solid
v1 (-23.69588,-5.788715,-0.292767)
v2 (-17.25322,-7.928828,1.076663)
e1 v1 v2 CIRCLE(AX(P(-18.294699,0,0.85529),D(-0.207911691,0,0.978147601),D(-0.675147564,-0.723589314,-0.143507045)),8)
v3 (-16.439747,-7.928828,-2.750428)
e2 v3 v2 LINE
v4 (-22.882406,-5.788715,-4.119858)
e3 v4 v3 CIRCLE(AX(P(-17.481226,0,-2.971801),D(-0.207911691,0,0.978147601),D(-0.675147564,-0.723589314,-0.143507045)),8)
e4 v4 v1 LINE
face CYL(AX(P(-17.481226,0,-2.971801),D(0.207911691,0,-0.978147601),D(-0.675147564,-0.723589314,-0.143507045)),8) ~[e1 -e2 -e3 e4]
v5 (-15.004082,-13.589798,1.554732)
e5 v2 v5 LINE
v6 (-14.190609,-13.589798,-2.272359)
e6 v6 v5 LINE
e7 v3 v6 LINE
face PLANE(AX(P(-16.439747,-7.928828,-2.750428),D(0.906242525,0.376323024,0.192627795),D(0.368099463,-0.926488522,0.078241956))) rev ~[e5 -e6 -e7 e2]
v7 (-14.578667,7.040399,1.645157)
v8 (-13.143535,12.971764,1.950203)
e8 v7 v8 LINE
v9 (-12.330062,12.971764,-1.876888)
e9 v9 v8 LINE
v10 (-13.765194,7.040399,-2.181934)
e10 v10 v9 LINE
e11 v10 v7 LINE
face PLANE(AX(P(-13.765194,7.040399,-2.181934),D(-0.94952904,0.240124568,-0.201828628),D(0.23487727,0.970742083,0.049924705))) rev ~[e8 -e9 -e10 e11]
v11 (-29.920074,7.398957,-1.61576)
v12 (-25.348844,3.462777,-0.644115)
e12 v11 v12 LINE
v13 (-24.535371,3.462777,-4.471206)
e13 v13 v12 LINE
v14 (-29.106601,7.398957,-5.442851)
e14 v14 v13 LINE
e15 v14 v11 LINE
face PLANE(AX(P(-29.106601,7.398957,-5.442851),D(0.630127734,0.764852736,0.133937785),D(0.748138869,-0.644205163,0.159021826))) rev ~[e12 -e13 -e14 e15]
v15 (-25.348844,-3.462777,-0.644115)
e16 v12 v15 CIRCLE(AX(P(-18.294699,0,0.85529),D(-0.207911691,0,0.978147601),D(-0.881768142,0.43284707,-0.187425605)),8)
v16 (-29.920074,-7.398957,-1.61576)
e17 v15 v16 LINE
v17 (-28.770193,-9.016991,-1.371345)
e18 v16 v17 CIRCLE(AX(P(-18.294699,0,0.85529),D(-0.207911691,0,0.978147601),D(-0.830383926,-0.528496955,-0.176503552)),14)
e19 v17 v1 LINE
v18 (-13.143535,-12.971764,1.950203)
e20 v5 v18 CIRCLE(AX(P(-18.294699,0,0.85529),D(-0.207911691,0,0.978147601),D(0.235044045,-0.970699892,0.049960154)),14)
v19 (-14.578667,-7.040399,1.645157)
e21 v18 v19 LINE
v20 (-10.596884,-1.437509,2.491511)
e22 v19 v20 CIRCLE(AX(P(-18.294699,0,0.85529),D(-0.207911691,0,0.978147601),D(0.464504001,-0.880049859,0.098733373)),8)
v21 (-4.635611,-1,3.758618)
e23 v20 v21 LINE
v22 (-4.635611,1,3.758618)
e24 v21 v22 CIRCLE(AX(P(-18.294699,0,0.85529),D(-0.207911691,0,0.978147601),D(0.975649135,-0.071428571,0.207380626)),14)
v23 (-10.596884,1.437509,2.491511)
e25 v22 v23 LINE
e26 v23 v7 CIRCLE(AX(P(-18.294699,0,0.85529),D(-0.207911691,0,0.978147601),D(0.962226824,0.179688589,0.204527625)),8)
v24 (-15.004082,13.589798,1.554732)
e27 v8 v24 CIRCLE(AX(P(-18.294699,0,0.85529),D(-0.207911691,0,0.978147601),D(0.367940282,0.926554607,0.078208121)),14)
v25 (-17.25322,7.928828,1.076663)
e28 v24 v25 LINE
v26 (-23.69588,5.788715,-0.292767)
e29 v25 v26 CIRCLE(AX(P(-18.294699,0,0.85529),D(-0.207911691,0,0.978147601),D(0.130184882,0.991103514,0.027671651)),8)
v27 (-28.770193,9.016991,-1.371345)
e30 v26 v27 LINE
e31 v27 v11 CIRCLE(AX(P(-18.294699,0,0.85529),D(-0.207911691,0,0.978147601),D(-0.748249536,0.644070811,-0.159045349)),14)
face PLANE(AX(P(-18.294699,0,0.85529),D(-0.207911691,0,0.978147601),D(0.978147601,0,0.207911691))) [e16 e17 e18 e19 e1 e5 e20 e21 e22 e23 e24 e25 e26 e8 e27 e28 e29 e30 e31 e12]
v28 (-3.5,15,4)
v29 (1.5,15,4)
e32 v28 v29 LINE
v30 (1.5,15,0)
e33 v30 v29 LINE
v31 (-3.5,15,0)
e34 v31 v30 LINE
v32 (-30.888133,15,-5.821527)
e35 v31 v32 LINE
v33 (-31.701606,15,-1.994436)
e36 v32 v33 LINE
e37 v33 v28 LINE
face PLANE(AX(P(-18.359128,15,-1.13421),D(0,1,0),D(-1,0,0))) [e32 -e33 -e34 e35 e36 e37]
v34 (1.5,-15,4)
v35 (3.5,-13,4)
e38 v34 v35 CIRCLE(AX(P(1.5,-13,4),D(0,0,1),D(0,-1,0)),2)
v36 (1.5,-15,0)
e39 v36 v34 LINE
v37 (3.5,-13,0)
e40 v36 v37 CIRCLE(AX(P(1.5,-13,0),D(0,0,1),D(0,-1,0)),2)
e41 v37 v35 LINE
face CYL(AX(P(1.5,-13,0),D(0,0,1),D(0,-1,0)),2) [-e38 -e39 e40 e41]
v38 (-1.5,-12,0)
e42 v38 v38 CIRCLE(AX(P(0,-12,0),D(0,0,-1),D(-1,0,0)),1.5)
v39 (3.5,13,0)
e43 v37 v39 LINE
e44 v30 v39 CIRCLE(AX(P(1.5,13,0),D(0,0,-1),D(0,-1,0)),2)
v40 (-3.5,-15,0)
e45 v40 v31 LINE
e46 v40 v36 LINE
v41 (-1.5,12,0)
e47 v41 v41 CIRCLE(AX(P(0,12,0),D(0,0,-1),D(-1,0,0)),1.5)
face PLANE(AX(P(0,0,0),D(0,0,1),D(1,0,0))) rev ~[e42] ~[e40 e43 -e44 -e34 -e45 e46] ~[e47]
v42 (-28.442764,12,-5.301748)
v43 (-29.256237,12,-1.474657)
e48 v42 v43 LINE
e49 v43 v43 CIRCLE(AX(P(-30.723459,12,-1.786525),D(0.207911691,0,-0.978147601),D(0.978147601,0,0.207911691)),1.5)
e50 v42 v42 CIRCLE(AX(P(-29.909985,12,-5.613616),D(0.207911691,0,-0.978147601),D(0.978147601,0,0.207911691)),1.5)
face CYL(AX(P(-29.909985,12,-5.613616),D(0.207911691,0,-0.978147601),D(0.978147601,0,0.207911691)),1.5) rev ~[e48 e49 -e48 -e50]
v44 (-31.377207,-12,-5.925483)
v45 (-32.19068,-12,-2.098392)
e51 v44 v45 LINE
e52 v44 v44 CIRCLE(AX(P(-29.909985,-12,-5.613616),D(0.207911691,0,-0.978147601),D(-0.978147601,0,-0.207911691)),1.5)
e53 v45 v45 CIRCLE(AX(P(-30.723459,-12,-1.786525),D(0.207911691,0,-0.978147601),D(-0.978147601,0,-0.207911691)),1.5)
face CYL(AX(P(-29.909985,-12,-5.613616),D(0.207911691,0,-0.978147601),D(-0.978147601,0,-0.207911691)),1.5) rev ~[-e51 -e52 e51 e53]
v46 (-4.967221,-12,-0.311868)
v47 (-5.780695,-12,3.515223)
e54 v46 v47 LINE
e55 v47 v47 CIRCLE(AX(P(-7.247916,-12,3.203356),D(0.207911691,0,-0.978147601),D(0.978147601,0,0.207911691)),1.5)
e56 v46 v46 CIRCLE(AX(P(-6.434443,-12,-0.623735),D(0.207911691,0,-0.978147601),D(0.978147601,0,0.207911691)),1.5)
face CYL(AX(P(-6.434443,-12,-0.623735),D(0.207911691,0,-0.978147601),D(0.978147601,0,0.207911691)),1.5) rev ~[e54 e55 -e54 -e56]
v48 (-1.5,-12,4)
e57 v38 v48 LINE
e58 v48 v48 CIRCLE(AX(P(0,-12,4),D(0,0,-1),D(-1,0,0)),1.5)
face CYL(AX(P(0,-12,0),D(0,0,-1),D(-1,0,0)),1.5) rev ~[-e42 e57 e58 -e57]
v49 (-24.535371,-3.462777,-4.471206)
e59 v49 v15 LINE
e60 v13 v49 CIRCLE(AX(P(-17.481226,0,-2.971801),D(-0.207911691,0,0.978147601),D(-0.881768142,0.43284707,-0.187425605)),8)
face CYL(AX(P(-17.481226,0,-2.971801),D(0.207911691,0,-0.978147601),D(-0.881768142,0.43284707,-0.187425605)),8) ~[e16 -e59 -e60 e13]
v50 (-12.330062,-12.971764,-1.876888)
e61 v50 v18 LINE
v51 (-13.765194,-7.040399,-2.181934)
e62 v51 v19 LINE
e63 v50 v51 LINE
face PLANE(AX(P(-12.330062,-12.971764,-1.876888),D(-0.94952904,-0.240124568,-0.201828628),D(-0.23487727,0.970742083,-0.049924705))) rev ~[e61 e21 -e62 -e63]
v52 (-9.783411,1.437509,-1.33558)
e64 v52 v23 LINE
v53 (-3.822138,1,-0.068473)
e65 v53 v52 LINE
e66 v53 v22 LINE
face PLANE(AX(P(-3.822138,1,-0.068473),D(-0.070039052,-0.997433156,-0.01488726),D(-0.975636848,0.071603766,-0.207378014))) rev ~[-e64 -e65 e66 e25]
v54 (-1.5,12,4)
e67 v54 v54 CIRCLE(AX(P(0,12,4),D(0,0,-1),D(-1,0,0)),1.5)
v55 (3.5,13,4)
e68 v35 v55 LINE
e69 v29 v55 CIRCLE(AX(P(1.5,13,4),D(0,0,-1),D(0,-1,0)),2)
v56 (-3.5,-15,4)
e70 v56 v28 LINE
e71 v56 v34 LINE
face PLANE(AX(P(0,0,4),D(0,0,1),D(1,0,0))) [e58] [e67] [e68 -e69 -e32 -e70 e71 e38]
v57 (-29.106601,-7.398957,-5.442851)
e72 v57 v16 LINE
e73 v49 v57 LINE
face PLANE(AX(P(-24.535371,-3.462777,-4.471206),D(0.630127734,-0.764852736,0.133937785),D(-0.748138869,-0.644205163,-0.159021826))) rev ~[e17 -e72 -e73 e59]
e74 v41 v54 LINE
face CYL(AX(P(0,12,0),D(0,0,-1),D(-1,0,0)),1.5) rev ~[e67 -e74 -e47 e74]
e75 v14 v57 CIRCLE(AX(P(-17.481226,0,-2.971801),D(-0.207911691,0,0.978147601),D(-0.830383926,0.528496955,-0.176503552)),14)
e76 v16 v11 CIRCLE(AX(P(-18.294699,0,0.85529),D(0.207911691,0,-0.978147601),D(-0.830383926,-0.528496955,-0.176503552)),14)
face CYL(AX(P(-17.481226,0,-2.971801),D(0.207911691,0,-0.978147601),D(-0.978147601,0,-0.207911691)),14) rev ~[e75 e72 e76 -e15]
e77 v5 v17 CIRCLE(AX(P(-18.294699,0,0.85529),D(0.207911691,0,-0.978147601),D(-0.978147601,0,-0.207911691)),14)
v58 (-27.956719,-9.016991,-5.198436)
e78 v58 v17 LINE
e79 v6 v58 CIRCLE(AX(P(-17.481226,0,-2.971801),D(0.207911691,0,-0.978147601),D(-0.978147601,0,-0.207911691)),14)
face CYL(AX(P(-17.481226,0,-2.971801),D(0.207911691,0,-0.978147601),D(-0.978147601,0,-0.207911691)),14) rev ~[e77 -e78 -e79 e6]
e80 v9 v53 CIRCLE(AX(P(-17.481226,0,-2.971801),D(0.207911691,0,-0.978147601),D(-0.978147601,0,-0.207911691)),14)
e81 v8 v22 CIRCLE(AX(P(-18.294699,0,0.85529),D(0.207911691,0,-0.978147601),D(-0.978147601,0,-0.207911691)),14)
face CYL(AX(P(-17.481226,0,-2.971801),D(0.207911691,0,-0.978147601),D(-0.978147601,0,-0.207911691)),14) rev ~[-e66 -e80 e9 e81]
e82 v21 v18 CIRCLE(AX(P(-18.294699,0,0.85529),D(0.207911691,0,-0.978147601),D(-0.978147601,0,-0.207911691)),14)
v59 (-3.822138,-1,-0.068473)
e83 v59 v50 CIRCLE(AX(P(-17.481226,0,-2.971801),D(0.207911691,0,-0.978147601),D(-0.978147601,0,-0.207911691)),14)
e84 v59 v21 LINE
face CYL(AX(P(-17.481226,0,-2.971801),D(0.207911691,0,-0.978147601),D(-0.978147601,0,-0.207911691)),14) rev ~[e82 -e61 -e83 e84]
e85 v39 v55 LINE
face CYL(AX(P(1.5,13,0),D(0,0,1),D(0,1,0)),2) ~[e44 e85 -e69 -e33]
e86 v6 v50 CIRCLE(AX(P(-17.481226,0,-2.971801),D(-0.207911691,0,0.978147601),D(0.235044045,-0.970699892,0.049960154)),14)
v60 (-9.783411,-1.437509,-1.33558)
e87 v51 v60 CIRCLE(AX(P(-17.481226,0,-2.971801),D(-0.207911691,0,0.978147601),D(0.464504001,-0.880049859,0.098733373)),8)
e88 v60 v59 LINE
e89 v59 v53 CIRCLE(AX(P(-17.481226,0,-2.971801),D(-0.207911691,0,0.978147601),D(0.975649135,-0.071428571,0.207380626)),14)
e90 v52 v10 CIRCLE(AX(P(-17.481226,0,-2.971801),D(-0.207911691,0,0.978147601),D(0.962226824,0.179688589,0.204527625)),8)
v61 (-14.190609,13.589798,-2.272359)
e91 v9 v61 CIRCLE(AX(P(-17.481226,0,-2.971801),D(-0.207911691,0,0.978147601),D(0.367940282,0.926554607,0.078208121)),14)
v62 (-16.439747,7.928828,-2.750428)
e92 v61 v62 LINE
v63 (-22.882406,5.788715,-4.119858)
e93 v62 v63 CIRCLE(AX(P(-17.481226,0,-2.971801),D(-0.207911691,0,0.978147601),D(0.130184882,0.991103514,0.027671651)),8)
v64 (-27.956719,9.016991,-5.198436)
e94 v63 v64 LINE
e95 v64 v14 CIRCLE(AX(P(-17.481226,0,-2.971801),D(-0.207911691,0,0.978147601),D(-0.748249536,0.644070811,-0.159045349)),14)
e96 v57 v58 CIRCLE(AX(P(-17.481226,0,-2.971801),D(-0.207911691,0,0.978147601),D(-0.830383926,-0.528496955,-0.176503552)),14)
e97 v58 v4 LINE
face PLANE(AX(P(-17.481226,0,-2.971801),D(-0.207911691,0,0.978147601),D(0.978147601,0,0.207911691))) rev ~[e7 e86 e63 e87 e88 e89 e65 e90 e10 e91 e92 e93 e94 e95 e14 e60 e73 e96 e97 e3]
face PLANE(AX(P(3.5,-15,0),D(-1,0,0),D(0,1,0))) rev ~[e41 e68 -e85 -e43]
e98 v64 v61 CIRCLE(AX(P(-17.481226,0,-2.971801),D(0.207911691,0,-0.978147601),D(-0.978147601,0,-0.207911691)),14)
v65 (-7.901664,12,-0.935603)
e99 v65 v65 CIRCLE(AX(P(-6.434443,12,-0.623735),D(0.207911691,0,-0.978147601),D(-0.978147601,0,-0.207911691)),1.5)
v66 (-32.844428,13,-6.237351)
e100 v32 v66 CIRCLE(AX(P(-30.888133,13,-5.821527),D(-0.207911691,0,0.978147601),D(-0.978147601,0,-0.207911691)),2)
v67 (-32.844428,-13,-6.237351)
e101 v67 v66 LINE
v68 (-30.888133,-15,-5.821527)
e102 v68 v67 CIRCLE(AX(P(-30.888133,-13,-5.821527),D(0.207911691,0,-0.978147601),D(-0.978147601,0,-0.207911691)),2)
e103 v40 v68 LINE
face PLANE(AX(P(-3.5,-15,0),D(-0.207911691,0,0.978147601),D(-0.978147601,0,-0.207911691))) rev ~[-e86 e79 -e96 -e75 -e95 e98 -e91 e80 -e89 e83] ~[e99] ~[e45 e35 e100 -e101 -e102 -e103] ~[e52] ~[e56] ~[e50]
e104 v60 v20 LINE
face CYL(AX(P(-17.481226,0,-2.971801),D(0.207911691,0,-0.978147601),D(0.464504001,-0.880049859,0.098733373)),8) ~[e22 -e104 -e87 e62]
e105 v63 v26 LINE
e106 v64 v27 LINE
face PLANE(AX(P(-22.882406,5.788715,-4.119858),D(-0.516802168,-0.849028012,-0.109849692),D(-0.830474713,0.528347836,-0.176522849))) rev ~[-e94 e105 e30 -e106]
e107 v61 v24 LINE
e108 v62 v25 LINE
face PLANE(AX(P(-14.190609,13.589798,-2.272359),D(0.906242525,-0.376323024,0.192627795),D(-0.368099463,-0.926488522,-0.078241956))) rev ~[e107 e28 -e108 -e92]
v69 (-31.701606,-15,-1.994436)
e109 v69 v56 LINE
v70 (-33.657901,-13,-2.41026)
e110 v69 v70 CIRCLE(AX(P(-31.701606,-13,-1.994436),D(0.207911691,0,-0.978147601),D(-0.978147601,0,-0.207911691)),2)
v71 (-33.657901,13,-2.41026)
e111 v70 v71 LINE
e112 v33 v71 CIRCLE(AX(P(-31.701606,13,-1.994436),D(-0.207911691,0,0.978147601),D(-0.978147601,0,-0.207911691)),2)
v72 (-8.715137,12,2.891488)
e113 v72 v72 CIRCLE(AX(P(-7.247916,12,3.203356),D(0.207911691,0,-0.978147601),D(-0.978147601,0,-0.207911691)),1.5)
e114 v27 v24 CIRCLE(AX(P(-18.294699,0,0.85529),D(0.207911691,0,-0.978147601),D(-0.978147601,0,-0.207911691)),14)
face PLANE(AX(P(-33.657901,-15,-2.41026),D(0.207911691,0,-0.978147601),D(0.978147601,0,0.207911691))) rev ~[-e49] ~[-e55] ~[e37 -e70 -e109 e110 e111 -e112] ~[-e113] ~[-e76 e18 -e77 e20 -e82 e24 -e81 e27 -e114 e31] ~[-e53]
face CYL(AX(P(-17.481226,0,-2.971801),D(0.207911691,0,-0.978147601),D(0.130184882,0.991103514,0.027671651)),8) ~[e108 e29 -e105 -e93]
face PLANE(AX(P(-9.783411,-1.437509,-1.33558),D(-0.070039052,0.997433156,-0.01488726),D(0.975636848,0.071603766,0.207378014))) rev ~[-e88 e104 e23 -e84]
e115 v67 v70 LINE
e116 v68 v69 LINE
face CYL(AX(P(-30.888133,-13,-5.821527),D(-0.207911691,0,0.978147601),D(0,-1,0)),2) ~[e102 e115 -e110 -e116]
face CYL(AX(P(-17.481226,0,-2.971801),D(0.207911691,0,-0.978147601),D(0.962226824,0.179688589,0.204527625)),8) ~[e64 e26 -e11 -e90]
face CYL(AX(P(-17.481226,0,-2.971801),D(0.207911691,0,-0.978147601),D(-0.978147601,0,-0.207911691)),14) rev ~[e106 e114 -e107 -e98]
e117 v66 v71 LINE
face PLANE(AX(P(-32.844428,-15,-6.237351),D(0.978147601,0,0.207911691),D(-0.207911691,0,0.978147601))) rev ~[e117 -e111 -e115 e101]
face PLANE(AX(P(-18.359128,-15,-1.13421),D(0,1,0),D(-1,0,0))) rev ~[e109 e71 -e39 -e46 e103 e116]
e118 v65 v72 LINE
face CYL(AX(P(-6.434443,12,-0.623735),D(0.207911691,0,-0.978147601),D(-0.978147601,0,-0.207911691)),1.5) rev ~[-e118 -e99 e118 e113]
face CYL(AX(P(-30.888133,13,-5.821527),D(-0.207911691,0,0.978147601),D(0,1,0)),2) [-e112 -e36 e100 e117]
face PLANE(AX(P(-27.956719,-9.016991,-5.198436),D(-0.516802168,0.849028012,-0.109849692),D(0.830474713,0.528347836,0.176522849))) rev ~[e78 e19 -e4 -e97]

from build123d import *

# Parameters (mm, degrees)
SKETCH_1_W          = 7
SKETCH_1_H          = 30
EXTRUDE_1_DEPTH     = 4
EXTRUDE_2_DEPTH     = 30
SKETCH_3_R          = 1.5
CUT_EXTRUDE_2_DEPTH = 38.373237277
SKETCH_4_R          = 1.5
CUT_EXTRUDE_3_DEPTH = 38.362858307
SKETCH_5_R          = 14
CUT_EXTRUDE_4_DEPTH = 38.362858307
FILLET_1_R          = 2
FILLET_2_R          = 2
EXTRUDE_START       = -3.912590403
EXTRUDE_4_DEPTH     = 3.912590403


with BuildPart() as part:
    # 草圖1 → 填料-伸長1 (new body)
    with BuildSketch(Plane.XY):
        Rectangle(SKETCH_1_W, SKETCH_1_H)
    extrude(amount=EXTRUDE_1_DEPTH)

    # 草圖2 → 填料-伸長2 (add)
    with BuildSketch(Plane.XZ.offset(15)):
        Polygon((-3.5, 0), (-32.844428022, -6.237350725), (-33.657901308, -2.410259809), (-3.5, 4), align=None)
    extrude(amount=-EXTRUDE_2_DEPTH)

    # 草圖3 → 除料-伸長2 (cut, through all)
    with BuildSketch(Plane(origin=(0, 0, 0), x_dir=(-1, 0, 0), z_dir=(0, 0, -1))):
        with Locations((0, -12)):
            Circle(SKETCH_3_R)
        with Locations((0, 12)):
            Circle(SKETCH_3_R)
    extrude(amount=-CUT_EXTRUDE_2_DEPTH, mode=Mode.SUBTRACT)

    # 草圖4 → 除料-伸長3 (cut, through all)
    with BuildSketch(Plane(origin=(-0.151295449, 0, 0.711789125), x_dir=(-0.978147600733807, 0, -0.2079116908177533), z_dir=(0.2079116908177533, 0, -0.978147600733807))):
        with Locations((30.423516603, -12)):
            Circle(SKETCH_4_R)
        with Locations(Location((30.423516603, 12, 0), (0, 0, 180))):
            Circle(SKETCH_4_R)
        with Locations((6.423516603, 12)):
            Circle(SKETCH_4_R)
        with Locations(Location((6.423516603, -12, 0), (0, 0, 180))):
            Circle(SKETCH_4_R)
    extrude(amount=-CUT_EXTRUDE_3_DEPTH, mode=Mode.SUBTRACT)

    # 草圖5 → 除料-伸長4 (cut, through all)
    with BuildSketch(Plane(origin=(-0.151295449, 0, 0.711789125), x_dir=(-0.978147600733807, 0, -0.2079116908177533), z_dir=(0.2079116908177533, 0, -0.978147600733807))):
        with Locations((17.717091252, 0)):
            Circle(SKETCH_5_R)
    extrude(amount=-CUT_EXTRUDE_4_DEPTH, mode=Mode.SUBTRACT)

    # 圓角1
    fillet_1_edges = [part.edges().sort_by_distance(p)[0] for p in [
        (-33.251164665, -15, -4.323805267),
        (-33.251164665, 15, -4.323805267),
    ]]
    fillet(fillet_1_edges, radius=FILLET_1_R)

    # 圓角2
    fillet_2_edges = [part.edges().sort_by_distance(p)[0] for p in [
        (3.5, 15, 2),
        (3.5, -15, 2),
    ]]
    fillet(fillet_2_edges, radius=FILLET_2_R)

    # 草圖7 → 填料-伸長4 (add)
    with BuildSketch(Plane(origin=(-0.964768735, 0, 4.538880041), x_dir=(0.978147600733807, 0, 0.20791169081775324), z_dir=(-0.20791169081775324, 0, 0.978147600733807)).offset(EXTRUDE_START)):
        with BuildLine():
            Line((-3.752851208, 1), (-9.847302899, 1.43750871))
            ThreePointArc((-9.847302899, 1.43750871), (-11.244955297, 4.702282018), (-13.918040883, 7.040398873))
            Line((-13.918040883, 7.040398873), (-12.450847248, 12.971764494))
            ThreePointArc((-12.450847248, 12.971764494), (-13.39085333, 13.314791228), (-14.352960281, 13.589798483))
            Line((-14.352960281, 13.589798483), (-16.652344934, 7.928828115))
            ThreePointArc((-16.652344934, 7.928828115), (-20.189227207, 7.60845213), (-23.238937351, 5.788714508))
            Line((-23.238937351, 5.788714508), (-28.426613508, 9.016991352))
            ThreePointArc((-28.426613508, 9.016991352), (-29.043329173, 8.228993532), (-29.602184013, 7.398957363))
            Line((-29.602184013, 7.398957363), (-24.92883019, 3.462776556))
            ThreePointArc((-24.92883019, 3.462776556), (-25.717091252, 0), (-24.92883019, -3.462776556))
            Line((-24.92883019, -3.462776556), (-29.602184013, -7.398957363))
            ThreePointArc((-29.602184013, -7.398957363), (-29.043329173, -8.228993532), (-28.426613508, -9.016991352))
            Line((-28.426613508, -9.016991352), (-23.238937351, -5.788714508))
            ThreePointArc((-23.238937351, -5.788714508), (-20.189227207, -7.60845213), (-16.652344934, -7.928828115))
            Line((-16.652344934, -7.928828115), (-14.352960281, -13.589798483))
            ThreePointArc((-14.352960281, -13.589798483), (-13.39085333, -13.314791228), (-12.450847248, -12.971764494))
            Line((-12.450847248, -12.971764494), (-13.918040883, -7.040398873))
            ThreePointArc((-13.918040883, -7.040398873), (-11.244955297, -4.702282018), (-9.847302899, -1.43750871))
            Line((-9.847302899, -1.43750871), (-3.752851208, -1))
            ThreePointArc((-3.752851208, -1), (-3.717091252, 0), (-3.752851208, 1))
        make_face()
    extrude(amount=EXTRUDE_4_DEPTH)


solid = part.part
